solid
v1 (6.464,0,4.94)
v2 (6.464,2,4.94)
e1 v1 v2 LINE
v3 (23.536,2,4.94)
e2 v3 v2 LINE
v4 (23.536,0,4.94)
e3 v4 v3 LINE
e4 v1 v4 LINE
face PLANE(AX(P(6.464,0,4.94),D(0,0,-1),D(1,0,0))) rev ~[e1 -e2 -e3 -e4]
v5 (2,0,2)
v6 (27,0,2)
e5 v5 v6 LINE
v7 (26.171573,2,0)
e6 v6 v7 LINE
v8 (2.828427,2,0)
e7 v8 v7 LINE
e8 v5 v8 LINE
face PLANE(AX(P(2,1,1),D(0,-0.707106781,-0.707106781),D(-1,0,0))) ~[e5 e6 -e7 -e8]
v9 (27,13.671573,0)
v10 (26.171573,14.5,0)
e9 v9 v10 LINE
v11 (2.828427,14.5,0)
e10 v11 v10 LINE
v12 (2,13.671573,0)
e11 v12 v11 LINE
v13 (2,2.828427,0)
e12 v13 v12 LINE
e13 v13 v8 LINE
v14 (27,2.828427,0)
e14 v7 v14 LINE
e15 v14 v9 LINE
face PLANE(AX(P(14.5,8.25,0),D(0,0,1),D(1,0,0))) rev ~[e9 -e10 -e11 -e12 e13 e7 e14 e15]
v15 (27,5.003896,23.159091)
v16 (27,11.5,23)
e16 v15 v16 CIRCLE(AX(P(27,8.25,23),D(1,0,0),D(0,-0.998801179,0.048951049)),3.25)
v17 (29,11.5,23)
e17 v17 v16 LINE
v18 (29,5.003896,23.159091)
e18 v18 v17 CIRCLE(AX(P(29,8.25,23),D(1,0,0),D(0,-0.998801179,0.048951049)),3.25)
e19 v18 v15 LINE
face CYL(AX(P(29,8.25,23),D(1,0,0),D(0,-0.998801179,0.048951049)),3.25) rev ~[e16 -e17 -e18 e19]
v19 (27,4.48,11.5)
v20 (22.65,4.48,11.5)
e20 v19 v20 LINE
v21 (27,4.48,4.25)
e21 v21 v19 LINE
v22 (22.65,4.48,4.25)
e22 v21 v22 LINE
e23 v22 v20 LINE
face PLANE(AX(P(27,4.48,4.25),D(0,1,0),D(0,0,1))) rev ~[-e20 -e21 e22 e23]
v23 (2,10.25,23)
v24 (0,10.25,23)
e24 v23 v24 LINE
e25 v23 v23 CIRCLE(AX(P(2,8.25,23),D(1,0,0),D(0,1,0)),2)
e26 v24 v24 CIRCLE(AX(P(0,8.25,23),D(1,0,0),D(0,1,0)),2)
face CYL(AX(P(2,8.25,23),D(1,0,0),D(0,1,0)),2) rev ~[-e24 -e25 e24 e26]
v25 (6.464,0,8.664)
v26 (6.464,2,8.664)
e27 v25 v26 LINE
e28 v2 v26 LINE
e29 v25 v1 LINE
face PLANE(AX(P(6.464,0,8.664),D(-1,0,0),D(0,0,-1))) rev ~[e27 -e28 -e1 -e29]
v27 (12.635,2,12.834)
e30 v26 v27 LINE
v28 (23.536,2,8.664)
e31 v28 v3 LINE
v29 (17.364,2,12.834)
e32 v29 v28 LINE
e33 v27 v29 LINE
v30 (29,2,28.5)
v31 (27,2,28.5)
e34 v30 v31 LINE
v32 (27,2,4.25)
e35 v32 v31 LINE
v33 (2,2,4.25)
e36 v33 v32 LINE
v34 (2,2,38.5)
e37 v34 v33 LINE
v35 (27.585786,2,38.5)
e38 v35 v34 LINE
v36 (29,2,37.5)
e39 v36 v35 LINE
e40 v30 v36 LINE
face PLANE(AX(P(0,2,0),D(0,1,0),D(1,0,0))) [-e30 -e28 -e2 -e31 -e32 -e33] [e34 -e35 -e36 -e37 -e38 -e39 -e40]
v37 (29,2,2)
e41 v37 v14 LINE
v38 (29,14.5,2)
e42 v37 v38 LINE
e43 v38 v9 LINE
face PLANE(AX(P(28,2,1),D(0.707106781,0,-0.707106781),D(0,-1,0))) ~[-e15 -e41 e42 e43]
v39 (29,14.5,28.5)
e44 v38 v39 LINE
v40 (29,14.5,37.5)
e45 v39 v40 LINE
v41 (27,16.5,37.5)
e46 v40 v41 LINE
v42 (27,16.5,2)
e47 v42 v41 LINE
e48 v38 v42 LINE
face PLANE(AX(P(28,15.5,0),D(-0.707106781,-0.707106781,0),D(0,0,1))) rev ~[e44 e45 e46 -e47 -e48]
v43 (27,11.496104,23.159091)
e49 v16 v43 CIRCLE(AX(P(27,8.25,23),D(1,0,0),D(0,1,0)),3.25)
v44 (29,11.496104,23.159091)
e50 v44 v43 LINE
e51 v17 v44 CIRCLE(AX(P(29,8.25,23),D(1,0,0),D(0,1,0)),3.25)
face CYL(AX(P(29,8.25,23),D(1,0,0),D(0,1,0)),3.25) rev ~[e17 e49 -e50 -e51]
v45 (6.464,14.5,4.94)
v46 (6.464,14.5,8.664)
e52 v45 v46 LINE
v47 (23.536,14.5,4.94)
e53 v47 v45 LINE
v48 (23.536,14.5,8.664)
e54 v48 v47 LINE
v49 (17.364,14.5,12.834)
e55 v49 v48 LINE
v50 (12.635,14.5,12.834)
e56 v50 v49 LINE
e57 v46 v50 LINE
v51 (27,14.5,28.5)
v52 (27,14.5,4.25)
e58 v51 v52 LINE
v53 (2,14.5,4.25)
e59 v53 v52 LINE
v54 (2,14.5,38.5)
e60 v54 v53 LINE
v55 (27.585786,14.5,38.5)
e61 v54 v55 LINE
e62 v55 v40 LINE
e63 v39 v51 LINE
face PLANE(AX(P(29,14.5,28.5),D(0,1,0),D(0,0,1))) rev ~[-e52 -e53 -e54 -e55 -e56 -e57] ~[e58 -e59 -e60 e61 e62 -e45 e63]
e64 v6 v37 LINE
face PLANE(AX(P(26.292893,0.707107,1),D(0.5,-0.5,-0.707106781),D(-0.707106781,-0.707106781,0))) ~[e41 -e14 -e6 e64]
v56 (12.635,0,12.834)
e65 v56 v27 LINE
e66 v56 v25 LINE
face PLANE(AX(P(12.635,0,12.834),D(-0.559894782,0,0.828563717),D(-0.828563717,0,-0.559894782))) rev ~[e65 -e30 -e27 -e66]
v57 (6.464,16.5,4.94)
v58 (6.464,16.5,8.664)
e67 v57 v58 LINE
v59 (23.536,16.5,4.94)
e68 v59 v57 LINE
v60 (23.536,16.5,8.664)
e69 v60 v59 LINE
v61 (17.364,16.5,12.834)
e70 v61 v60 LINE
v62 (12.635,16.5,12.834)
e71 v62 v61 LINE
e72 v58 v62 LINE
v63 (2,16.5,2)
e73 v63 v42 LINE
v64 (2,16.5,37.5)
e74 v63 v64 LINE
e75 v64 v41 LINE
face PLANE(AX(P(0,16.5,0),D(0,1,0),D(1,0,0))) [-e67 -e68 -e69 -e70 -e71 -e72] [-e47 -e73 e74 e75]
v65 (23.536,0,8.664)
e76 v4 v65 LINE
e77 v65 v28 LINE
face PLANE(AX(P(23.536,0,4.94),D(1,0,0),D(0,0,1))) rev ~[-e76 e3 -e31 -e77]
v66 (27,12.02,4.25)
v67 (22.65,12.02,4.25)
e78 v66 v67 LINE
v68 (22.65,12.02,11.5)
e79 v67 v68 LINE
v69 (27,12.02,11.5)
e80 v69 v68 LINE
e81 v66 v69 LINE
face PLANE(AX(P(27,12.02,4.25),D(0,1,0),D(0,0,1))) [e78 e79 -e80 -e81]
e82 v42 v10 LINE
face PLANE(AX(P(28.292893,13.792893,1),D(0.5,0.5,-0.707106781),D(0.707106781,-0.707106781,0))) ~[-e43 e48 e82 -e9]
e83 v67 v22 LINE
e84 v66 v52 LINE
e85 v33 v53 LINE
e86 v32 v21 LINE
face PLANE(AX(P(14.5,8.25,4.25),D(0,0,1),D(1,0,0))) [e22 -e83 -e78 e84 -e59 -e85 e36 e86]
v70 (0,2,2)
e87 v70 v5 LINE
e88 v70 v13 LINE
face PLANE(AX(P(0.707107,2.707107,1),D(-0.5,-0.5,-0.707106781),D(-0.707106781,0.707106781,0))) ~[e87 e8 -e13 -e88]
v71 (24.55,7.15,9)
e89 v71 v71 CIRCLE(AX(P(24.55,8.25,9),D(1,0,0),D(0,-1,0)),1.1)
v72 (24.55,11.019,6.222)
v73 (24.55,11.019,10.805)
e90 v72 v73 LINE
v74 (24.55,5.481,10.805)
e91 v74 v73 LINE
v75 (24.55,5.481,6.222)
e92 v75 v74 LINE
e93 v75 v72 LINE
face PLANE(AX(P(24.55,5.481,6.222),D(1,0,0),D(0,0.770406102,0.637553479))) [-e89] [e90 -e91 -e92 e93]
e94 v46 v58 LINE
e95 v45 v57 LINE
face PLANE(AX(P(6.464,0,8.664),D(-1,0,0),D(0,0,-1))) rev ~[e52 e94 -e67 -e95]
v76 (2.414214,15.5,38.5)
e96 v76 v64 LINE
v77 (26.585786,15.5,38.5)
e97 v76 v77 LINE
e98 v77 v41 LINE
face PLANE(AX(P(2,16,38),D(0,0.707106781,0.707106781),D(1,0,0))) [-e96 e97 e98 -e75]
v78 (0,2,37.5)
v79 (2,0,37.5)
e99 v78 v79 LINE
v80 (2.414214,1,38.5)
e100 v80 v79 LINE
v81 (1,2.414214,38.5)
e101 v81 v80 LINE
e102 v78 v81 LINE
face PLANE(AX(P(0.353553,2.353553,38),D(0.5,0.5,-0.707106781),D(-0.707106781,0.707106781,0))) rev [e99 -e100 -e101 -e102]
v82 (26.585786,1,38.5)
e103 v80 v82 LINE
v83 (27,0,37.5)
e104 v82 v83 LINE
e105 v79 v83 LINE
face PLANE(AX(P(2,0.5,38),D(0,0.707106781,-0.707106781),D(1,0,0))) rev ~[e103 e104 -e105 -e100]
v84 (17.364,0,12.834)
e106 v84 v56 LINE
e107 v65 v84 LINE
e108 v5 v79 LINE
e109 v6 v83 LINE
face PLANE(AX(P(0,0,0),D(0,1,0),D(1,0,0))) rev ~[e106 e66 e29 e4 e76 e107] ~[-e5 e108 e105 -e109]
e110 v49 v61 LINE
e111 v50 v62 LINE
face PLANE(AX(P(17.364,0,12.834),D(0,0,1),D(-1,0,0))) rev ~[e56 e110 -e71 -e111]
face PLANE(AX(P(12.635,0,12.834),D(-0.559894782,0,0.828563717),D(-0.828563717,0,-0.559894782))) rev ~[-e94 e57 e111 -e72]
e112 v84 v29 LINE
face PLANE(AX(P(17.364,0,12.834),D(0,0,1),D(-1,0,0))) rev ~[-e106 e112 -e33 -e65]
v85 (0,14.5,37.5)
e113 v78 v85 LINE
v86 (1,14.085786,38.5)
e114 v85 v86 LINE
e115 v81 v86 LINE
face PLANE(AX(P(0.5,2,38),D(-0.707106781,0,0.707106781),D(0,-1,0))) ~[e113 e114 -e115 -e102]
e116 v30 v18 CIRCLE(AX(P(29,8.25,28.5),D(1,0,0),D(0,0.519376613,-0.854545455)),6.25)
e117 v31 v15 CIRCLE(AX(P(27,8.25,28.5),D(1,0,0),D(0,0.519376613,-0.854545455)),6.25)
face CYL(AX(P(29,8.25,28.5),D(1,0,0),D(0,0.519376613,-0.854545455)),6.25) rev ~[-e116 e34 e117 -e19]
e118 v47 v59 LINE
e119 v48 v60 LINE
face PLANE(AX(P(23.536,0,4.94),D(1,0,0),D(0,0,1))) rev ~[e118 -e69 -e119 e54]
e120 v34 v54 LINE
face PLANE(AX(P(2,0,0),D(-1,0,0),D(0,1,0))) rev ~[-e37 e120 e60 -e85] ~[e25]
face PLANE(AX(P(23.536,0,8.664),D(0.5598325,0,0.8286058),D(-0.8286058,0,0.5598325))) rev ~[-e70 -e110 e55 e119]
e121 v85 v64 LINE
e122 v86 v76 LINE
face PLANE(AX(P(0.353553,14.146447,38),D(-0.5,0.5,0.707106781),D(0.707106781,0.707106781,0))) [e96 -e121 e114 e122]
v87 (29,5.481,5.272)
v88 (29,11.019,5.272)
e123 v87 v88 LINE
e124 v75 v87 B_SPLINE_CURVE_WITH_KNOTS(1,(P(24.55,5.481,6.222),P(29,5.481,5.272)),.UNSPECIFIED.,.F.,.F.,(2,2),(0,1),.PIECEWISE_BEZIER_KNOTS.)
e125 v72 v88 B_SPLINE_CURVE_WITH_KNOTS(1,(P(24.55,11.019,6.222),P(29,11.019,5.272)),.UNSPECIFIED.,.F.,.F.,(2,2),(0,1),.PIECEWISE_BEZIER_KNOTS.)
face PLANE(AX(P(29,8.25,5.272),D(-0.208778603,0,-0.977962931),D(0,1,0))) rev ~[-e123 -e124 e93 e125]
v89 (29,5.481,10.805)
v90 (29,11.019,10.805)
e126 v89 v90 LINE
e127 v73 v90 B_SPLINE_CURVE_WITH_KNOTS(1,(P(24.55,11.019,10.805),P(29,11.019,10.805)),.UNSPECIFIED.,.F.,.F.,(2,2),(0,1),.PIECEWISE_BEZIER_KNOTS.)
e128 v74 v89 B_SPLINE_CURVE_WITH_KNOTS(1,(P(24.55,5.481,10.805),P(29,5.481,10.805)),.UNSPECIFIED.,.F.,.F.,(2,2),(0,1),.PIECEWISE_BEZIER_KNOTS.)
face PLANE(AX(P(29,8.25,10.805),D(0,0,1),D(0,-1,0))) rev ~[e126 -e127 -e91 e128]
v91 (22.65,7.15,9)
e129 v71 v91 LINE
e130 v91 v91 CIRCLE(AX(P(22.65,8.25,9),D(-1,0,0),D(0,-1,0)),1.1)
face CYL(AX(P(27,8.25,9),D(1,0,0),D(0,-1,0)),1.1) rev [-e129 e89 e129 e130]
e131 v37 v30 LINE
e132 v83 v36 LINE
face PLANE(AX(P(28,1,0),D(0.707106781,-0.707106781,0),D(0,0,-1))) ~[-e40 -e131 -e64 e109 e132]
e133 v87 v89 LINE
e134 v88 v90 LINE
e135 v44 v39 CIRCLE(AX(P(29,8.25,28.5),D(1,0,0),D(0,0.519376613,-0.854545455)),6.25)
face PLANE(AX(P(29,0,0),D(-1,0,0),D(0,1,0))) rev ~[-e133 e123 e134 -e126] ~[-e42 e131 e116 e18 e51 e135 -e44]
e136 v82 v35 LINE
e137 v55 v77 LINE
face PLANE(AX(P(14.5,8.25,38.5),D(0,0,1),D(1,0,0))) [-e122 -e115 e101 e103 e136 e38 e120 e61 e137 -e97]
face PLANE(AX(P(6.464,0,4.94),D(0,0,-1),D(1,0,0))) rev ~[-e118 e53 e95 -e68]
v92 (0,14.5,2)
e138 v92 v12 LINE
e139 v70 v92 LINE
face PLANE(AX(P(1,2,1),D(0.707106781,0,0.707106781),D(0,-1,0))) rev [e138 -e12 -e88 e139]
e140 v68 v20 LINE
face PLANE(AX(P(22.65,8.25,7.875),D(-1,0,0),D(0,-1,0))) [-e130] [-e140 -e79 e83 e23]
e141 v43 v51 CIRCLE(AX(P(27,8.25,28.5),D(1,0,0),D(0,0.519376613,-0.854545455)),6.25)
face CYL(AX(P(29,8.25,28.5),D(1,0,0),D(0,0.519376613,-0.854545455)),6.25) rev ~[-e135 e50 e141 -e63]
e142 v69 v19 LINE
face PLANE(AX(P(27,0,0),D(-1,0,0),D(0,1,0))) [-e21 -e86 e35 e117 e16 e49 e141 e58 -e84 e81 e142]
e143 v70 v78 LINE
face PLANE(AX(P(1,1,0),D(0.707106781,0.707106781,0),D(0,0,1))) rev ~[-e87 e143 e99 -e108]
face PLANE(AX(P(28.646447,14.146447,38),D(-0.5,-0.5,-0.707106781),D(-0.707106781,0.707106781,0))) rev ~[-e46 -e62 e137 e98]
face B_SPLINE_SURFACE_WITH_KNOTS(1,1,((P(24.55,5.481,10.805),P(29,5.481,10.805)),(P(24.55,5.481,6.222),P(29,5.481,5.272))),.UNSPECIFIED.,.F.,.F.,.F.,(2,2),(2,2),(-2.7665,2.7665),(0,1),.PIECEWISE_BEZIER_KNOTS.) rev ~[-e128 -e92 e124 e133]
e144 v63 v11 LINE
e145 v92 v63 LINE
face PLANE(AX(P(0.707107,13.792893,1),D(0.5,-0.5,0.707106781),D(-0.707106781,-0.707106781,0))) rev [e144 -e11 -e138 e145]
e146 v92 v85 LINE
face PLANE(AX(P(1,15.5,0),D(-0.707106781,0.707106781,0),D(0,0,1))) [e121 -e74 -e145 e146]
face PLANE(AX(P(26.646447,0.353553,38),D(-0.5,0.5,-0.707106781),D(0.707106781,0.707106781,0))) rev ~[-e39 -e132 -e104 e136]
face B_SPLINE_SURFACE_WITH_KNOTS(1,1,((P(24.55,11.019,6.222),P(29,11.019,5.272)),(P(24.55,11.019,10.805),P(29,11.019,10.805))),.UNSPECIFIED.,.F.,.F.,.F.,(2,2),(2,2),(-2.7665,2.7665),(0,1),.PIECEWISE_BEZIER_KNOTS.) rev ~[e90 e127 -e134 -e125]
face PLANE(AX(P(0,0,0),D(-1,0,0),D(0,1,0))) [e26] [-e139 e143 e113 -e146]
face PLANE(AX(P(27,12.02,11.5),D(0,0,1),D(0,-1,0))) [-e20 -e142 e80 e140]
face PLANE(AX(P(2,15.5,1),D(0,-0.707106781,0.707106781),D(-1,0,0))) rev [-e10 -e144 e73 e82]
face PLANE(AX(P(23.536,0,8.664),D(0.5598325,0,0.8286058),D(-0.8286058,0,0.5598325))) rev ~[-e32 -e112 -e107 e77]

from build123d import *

# Parameters (mm, degrees)
F0_W      = 29
F0_H      = 16.5
F1_DEPTH  = 38.5
F2_T      = -2
F3_DEPTH  = 2.25
F4_SIZE   = 2
F5_SIZE   = 2
F6_SIZE   = 1
F8_DEPTH  = 16.501
F9_W      = 12.5
F9_H      = 1
F10_DEPTH = 2
F11_R     = 2
F12_DEPTH = 2.001
F13_W     = 7.54
F13_H     = 7.25
F13_R     = 1.1
F14_DEPTH = 4.35
F17_W     = 5.538
F17_H     = 4.583
F15_W     = 5.538
F15_H     = 5.533


with BuildPart() as f1:
    # F0 (on Top) → F1 (new body)
    with BuildSketch(Plane.XY):
        with Locations((14.5, 8.25)):
            Rectangle(F0_W, F0_H)
    extrude(amount=F1_DEPTH)

    # F2
    f2_openings = [f1.faces().sort_by_distance(p)[0] for p in [
        (14.5, 8.25, 38.5),
    ]]
    offset(amount=F2_T, openings=f2_openings)

    # F3 (add): a face of the model
    f3_faces = [f1.faces().sort_by_distance(p)[0] for p in [
        (14.5, 8.25, 2),
    ]]
    extrude(f3_faces, amount=F3_DEPTH)

    # F4
    f4_edges = [f1.edges().sort_by_distance(p)[0] for p in [
        (29, 0, 19.25),
        (0, 0, 19.25),
        (29, 16.5, 19.25),
        (0, 16.5, 19.25),
    ]]
    chamfer(f4_edges, length=F4_SIZE)

    # F5
    f5_edges = [f1.edges().sort_by_distance(p)[0] for p in [
        (0, 8.25, 0),
        (1, 15.5, 0),
        (1, 1, 0),
        (14.5, 16.5, 0),
        (14.5, 0, 0),
        (28, 15.5, 0),
        (28, 1, 0),
        (29, 8.25, 0),
    ]]
    chamfer(f5_edges, length=F5_SIZE)

    # F6
    f6_edges = [f1.edges().sort_by_distance(p)[0] for p in [
        (14.5, 0, 38.5),
        (1, 1, 38.5),
        (0, 8.25, 38.5),
        (1, 15.5, 38.5),
        (14.5, 16.5, 38.5),
        (28, 15.5, 38.5),
        (29, 8.25, 38.5),
        (28, 1, 38.5),
    ]]
    chamfer(f6_edges, length=F6_SIZE)

    # F7 (on face) → F8 (cut, through all)
    with BuildSketch(Plane.XZ):
        Polygon((6.464, 8.664), (6.464, 4.94), (23.536, 4.94), (23.536, 8.664), (17.364, 12.834), (12.635, 12.834), align=None)
    extrude(amount=-F8_DEPTH, mode=Mode.SUBTRACT)

    # F9 (on face) → F10 (cut, through all)
    with BuildSketch(Plane.YZ.offset(29)):
        with BuildLine():
            ThreePointArc((5.0038961688, 23.1590909091), (8.25, 22.25), (11.4961038312, 23.1590909091))
            ThreePointArc((11.4961038312, 23.1590909091), (8.25, 26.25), (5.0038961688, 23.1590909091))
        make_face()
        with BuildLine():
            ThreePointArc((5.0038961688, 23.1590909091), (8.1704306945, 19.7509741882), (11.5, 23))
            ThreePointArc((11.5, 23), (11.4990258118, 23.0795693055), (11.4961038312, 23.1590909091))
            ThreePointArc((11.4961038312, 23.1590909091), (8.25, 22.25), (5.0038961688, 23.1590909091))
        make_face()
        with BuildLine():
            ThreePointArc((5.0038961688, 23.1590909091), (8.25, 26.25), (11.4961038312, 23.1590909091))
            ThreePointArc((11.4961038312, 23.1590909091), (13.6975062618, 25.4361502113), (14.5, 28.5))
            Line((14.5, 28.5), (2, 28.5))
            ThreePointArc((2, 28.5), (2.8024937382, 25.4361502113), (5.0038961688, 23.1590909091))
        make_face()
        with BuildLine():
            Line((2, 28.5), (14.5, 28.5))
            ThreePointArc((14.5, 28.5), (8.25, 34.75), (2, 28.5))
        make_face()
        with BuildLine():
            ThreePointArc((2, 28.5), (8.25, 34.75), (14.5, 28.5))
            Line((14.5, 28.5), (14.5, 37.5))
            Line((14.5, 37.5), (2, 37.5))
            Line((2, 37.5), (2, 28.5))
        make_face()
        with Locations((8.25, 38)):
            Rectangle(F9_W, F9_H)
    extrude(amount=-F10_DEPTH, mode=Mode.SUBTRACT)

    # F11 (on face) → F12 (cut, through all)
    with BuildSketch(Plane.YZ.offset(2)):
        with Locations((8.25, 23)):
            Circle(F11_R)
    extrude(amount=-F12_DEPTH, mode=Mode.SUBTRACT)

    # F13 (on face) → F14 (join)
    with BuildSketch(Plane(origin=(27, 0, 0), x_dir=(0, -1, 0), z_dir=(-1, 0, 0))):
        with Locations((-8.25, 7.875)):
            Rectangle(F13_W, F13_H)
        with Locations((-8.25, 9)):
            Circle(F13_R, mode=Mode.SUBTRACT)
    extrude(amount=F14_DEPTH)

    # F17 (on offset) → F18 section 0
    with BuildSketch(Plane.YZ.offset(24.55)):
        with Locations((8.25, 8.5135)):
            Rectangle(F17_W, F17_H)
    # F15 (on face) → F18 section 1
    with BuildSketch(Plane.YZ.offset(29)):
        with Locations((8.25, 8.0385)):
            Rectangle(F15_W, F15_H)
    loft(mode=Mode.SUBTRACT)


solid = f1.part
